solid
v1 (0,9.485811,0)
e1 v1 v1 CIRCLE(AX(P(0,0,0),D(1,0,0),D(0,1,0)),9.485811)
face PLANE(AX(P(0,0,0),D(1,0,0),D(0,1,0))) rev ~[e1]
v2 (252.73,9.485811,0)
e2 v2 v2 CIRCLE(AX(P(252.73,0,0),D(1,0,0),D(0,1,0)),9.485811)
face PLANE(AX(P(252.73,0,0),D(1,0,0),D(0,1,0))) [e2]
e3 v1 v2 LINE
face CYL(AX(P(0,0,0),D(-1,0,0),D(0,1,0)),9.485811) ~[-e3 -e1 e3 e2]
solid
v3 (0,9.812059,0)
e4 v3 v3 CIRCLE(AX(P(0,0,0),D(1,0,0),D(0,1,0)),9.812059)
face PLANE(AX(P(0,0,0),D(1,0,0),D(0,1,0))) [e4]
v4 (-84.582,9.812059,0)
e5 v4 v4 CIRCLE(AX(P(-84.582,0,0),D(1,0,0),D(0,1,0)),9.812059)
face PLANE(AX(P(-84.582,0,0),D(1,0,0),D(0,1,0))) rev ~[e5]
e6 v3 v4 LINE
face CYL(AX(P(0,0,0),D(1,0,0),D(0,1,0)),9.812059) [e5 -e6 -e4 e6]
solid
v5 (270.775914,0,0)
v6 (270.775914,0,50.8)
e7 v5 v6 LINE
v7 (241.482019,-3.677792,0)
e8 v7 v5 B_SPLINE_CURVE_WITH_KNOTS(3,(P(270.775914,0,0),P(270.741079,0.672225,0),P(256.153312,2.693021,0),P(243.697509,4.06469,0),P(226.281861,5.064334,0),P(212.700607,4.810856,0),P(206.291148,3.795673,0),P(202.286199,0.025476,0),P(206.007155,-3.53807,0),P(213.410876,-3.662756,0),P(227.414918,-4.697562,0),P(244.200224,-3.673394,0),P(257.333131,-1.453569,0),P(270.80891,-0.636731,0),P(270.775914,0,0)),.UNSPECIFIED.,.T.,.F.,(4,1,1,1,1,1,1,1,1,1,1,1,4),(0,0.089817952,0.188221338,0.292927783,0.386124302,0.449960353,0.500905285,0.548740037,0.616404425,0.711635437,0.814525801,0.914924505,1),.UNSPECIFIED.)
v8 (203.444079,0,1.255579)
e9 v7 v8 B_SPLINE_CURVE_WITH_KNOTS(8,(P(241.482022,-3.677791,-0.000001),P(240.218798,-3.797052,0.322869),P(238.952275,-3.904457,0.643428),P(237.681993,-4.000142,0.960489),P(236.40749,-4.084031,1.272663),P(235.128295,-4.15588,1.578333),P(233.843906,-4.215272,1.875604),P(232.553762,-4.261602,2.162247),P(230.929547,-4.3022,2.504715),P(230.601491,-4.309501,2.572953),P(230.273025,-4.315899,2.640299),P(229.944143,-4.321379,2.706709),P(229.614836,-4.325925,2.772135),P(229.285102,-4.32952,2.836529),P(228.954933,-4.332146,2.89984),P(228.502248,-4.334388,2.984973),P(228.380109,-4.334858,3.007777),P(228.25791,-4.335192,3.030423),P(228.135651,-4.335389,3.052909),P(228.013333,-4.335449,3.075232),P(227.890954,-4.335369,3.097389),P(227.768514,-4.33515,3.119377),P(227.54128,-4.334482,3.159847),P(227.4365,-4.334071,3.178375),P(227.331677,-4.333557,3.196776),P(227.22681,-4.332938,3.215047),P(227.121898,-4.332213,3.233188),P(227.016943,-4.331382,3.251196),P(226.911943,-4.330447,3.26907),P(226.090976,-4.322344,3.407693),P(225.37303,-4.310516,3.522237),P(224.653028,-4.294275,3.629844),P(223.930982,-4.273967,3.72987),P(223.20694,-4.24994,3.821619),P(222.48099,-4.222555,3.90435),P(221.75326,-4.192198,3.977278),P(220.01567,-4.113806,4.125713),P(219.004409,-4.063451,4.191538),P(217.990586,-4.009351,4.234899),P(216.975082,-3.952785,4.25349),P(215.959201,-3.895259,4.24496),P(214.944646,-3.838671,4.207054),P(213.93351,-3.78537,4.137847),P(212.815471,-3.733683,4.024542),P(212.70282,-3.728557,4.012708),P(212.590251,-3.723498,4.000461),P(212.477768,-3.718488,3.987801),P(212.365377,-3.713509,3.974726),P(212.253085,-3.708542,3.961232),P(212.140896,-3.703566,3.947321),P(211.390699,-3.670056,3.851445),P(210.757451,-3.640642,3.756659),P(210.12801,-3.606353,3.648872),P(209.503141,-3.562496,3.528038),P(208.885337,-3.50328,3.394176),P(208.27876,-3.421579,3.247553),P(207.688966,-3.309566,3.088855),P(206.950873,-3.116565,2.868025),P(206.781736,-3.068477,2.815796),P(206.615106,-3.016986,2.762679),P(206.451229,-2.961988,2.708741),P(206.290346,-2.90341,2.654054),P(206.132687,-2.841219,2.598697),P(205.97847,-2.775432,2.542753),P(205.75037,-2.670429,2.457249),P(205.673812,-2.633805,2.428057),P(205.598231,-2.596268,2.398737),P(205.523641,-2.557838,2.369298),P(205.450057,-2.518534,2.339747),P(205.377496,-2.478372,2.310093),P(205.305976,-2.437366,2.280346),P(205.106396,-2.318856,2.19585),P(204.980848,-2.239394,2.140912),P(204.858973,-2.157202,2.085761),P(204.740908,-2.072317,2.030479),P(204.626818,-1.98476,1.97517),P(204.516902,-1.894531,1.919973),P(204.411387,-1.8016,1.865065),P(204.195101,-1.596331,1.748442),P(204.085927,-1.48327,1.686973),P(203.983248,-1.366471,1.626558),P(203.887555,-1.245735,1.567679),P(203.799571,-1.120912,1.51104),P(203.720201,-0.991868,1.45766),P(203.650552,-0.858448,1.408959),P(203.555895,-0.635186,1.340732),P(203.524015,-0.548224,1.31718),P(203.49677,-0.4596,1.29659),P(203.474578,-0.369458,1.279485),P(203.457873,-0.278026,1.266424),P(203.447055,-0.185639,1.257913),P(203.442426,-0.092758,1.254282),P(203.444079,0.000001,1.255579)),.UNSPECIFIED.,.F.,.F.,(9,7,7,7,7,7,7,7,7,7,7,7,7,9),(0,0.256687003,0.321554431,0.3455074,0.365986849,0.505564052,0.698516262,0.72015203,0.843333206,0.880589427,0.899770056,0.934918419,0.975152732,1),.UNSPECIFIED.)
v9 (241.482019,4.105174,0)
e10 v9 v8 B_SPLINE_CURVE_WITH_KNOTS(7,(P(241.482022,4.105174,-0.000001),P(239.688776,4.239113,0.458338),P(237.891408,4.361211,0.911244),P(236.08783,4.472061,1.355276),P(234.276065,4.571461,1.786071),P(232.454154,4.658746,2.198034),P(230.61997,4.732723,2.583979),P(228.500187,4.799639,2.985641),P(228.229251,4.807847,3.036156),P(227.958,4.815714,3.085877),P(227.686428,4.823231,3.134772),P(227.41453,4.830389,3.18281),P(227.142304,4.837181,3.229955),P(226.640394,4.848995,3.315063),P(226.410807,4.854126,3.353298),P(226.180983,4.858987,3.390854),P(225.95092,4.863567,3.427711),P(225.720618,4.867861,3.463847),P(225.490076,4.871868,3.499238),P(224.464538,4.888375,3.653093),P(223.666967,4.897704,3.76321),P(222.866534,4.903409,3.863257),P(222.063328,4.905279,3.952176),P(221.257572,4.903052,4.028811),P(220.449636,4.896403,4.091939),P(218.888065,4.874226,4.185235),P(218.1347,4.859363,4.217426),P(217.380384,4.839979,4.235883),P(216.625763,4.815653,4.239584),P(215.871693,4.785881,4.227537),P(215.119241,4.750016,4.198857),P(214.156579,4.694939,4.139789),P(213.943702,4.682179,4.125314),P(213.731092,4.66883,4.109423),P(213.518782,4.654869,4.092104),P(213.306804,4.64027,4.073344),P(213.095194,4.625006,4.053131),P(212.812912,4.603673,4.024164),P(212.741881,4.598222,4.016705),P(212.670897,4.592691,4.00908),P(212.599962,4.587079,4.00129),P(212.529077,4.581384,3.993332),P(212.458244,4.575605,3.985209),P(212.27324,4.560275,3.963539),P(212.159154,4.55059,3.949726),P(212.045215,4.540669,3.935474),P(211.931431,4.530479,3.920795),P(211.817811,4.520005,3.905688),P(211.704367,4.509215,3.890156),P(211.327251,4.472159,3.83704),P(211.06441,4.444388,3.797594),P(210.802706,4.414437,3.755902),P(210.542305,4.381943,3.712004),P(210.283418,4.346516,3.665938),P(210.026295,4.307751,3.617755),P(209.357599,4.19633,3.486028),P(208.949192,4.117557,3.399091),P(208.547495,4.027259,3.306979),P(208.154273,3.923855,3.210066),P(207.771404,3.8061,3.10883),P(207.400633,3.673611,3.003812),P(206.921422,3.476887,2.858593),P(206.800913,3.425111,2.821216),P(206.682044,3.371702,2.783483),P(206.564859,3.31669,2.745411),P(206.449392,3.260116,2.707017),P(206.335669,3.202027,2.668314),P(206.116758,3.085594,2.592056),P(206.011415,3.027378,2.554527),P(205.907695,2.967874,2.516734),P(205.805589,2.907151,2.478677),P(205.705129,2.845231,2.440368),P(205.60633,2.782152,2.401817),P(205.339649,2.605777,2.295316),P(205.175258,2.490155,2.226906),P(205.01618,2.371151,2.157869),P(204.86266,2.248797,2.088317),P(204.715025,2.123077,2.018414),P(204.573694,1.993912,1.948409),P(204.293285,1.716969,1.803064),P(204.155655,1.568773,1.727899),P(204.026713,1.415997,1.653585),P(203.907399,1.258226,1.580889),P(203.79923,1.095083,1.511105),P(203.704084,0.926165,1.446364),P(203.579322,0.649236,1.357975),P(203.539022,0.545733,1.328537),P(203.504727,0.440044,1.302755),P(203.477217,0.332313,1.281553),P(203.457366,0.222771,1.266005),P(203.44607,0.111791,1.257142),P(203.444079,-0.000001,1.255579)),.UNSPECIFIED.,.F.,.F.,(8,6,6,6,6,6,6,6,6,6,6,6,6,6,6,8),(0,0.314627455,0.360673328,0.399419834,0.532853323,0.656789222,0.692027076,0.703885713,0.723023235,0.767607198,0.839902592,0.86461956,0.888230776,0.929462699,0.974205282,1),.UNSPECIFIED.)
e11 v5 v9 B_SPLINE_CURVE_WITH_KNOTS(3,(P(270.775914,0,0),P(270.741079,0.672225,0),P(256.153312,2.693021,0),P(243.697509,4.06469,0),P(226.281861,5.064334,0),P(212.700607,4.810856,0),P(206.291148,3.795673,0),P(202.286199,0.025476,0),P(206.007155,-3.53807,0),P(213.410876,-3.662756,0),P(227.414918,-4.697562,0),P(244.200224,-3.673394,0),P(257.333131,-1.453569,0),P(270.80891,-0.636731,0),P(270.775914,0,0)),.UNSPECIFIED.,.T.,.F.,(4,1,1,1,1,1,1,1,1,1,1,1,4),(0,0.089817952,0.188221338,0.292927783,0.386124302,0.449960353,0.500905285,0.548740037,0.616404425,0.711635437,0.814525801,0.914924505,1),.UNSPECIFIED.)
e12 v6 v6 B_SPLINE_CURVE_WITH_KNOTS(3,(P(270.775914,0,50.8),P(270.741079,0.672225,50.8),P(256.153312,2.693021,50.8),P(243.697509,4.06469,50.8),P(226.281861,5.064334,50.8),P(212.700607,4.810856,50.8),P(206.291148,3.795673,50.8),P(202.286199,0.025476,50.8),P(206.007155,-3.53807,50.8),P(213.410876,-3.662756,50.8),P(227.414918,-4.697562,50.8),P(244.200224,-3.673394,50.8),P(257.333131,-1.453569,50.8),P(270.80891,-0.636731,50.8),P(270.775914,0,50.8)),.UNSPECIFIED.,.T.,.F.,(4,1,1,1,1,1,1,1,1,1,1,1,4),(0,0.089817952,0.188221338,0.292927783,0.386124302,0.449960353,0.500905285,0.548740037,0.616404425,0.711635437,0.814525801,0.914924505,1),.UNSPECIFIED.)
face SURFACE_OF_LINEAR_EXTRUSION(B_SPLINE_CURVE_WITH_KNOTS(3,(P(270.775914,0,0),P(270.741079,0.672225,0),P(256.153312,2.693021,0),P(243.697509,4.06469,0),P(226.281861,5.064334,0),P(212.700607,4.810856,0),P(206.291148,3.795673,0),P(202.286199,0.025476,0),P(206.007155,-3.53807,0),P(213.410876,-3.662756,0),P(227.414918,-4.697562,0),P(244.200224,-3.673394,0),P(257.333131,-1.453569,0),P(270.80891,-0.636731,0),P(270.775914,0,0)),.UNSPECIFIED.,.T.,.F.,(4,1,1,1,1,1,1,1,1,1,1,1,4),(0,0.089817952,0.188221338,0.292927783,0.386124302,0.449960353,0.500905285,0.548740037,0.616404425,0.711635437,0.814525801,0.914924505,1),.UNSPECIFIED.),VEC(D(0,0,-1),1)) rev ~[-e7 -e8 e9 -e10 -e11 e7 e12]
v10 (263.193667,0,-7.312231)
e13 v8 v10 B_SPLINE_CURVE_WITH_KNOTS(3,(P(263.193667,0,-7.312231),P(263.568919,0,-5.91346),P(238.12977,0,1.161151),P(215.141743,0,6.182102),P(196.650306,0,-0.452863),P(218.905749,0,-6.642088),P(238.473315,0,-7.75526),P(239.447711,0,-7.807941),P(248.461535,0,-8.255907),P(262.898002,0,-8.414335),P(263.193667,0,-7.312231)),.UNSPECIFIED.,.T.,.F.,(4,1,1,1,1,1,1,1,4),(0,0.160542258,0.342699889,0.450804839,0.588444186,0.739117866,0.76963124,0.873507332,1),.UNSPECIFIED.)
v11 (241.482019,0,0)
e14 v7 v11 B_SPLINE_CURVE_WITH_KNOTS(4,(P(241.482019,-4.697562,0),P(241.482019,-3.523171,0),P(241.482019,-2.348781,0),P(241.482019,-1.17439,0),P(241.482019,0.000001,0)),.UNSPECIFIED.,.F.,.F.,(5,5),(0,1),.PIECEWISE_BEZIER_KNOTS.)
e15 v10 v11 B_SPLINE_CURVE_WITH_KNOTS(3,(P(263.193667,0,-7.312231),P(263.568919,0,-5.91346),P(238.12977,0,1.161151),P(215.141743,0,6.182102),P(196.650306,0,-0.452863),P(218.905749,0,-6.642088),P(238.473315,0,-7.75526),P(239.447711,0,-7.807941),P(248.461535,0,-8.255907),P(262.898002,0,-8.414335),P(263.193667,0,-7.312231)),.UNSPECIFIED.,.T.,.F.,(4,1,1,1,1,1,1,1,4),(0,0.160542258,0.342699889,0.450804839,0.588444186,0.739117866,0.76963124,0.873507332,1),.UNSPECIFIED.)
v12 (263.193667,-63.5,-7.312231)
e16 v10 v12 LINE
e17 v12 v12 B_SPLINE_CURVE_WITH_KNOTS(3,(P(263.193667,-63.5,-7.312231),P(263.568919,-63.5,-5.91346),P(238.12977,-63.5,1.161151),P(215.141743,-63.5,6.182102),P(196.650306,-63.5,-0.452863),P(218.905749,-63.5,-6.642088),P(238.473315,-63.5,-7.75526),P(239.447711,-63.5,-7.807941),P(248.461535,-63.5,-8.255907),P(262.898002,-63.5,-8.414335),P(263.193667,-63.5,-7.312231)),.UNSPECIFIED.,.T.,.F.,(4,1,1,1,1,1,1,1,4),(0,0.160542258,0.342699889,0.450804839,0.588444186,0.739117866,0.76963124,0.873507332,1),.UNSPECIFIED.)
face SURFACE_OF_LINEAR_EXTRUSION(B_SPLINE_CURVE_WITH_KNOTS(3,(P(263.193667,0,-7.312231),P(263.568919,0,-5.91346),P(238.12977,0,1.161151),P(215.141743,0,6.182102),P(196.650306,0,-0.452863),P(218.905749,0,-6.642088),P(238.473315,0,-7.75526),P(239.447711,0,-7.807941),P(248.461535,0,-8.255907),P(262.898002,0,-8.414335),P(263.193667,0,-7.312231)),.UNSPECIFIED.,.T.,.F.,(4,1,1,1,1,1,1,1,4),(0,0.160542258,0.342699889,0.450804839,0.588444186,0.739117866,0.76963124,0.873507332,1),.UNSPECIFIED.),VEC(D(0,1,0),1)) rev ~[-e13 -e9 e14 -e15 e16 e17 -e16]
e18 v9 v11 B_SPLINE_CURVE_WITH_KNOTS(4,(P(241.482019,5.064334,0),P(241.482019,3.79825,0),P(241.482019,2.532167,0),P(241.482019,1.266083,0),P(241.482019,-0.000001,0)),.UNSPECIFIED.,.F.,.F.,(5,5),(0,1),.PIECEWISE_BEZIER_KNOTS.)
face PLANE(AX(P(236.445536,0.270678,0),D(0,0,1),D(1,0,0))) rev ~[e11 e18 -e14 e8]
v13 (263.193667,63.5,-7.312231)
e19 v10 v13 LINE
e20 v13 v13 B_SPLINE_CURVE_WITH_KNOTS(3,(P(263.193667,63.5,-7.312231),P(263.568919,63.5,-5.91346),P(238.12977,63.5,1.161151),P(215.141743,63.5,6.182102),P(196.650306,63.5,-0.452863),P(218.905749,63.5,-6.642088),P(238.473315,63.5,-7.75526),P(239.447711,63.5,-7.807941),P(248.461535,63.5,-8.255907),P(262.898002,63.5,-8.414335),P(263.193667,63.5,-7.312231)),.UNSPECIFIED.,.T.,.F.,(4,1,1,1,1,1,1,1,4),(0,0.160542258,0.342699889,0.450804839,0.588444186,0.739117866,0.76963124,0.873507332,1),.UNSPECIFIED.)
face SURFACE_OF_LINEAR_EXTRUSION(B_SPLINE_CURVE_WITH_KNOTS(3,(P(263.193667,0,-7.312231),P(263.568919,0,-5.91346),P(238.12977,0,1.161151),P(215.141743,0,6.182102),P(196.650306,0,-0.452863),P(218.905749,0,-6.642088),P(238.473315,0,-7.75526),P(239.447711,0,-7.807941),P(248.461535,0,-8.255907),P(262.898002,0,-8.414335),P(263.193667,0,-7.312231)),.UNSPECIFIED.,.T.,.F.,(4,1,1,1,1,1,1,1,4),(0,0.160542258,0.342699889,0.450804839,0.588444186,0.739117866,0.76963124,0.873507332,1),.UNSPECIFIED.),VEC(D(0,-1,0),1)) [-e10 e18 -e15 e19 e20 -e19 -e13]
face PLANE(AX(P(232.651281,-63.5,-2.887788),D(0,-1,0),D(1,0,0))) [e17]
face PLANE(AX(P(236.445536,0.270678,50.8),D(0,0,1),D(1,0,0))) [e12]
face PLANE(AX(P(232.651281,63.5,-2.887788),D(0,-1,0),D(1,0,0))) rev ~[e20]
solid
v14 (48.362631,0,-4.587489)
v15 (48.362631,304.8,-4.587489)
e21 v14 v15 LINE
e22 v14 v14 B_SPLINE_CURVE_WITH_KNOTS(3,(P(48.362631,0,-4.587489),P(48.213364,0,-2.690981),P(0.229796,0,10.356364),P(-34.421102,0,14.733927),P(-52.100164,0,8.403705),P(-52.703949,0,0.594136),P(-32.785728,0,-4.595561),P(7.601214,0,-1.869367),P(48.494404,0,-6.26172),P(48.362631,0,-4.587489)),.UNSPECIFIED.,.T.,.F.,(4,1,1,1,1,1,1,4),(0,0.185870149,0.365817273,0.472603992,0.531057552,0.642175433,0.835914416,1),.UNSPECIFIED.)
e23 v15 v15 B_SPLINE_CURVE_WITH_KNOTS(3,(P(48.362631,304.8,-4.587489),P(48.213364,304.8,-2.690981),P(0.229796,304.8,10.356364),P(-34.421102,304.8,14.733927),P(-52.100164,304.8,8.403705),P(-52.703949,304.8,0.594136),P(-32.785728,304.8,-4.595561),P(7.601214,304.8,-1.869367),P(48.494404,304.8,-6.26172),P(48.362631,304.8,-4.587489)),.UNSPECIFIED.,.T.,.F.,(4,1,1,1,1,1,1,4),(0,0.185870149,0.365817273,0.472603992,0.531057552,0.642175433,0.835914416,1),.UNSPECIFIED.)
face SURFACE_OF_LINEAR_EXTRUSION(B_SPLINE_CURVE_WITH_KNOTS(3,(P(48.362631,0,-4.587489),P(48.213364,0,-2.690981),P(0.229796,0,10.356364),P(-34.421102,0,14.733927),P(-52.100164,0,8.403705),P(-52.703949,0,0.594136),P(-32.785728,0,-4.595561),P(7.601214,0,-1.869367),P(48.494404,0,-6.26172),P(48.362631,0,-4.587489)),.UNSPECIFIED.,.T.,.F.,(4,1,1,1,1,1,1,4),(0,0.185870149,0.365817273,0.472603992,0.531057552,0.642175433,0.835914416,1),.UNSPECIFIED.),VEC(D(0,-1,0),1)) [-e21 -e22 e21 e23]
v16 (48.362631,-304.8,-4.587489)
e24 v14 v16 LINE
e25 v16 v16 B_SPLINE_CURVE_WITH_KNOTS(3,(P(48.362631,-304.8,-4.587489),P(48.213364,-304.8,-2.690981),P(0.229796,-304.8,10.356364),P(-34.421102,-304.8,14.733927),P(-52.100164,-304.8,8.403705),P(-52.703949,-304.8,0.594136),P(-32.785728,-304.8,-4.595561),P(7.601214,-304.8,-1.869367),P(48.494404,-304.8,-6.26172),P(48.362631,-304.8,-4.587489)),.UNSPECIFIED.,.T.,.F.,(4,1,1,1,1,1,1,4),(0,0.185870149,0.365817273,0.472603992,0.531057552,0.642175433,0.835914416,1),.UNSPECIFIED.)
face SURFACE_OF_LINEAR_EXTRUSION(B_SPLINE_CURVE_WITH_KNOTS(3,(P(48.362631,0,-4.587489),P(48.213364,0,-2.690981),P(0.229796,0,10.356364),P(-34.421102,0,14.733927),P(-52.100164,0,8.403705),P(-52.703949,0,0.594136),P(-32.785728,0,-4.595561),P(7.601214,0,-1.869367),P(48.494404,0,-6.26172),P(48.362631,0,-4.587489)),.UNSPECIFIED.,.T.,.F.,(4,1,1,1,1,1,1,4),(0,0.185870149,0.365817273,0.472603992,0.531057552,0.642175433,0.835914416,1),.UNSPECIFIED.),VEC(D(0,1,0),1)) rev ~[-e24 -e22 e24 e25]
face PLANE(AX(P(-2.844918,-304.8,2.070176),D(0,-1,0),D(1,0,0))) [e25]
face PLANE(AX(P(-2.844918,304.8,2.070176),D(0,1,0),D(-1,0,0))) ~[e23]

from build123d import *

# Parameters (mm, degrees)
F1_DEPTH  = 304.8
F4_DEPTH  = 63.5
F6_DEPTH  = 50.8
F7_R      = 9.4858112155
F8_DEPTH  = 252.73
F9_R      = 9.8120589624
F10_DEPTH = 84.582


with BuildPart() as f1:
    # F0 (on Front) → F1 (new body)
    with BuildSketch(Plane.XZ):
        with BuildLine():
            add(Edge.make_bspline(
                [(48.3626313508, -4.5874887146), (48.2133641017, -2.6909809806), (0.2297958572, 10.3563636314), (-34.4211024532, 14.7339270125), (-52.1001635868, 8.4037047715), (-52.7039494645, 0.5941357233), (-32.7857277862, -4.5955614124), (7.6012136458, -1.869367445), (48.4944040093, -6.2617197835), (48.3626313508, -4.5874887146)],
                knots=[0, 0, 0, 0, 0.1858701495, 0.3658172735, 0.4726039919, 0.5310575516, 0.6421754333, 0.835914416, 1, 1, 1, 1], degree=3))
        make_face()
    extrude(amount=F1_DEPTH)

    # F2: F1 across face


with BuildPart() as f1_1:
    add(f1.part)
    add(f1.part.mirror(Plane(origin=(-10.2988835712, 0, 3.0662665681), x_dir=(1, 0, 0), z_dir=(0, 1, 0))))


with BuildPart() as f4:
    # F3 (on Front) → F4 (new body, symmetric)
    with BuildSketch(Plane.XZ):
        with BuildLine():
            add(Edge.make_bspline(
                [(263.193666935, -7.3122307658), (263.5689191728, -5.9134595093), (238.1297702954, 1.1611506631), (215.1417433112, 6.1821019178), (196.6503063028, -0.4528627304), (218.905749468, -6.6420883623), (238.4733150868, -7.7552603443), (239.4477107876, -7.8079409647), (248.4615352892, -8.2559070835), (262.8980023713, -8.4143350347), (263.193666935, -7.3122307658)],
                knots=[0, 0, 0, 0, 0.1605422583, 0.3426998887, 0.450804839, 0.5884441856, 0.7391178663, 0.7696312396, 0.873507332, 1, 1, 1, 1], degree=3))
        make_face()
    extrude(amount=F4_DEPTH, both=True)

    # F5 (on Top) → F6 (join)
    with BuildSketch(Plane.XY):
        with BuildLine():
            add(Edge.make_bspline(
                [(270.7759141922, 0), (270.741078932, 0.6722254106), (256.1533123935, 2.6930213805), (243.6975087564, 4.0646901094), (226.2818613827, 5.0643336143), (212.7006068508, 4.8108562911), (206.2911475931, 3.795672701), (202.2861991906, 0.0254757891), (206.0071548501, -3.5380699159), (213.4108764017, -3.662756483), (227.4149182836, -4.6975620357), (244.2002236286, -3.6733935782), (257.3331307519, -1.4535693987), (270.8089101237, -0.6367313894), (270.7759141922, 0)],
                knots=[0, 0, 0, 0, 0.089817952, 0.188221338, 0.292927783, 0.3861243019, 0.4499603528, 0.5009052846, 0.5487400373, 0.6164044249, 0.7116354366, 0.8145258013, 0.9149245053, 1, 1, 1, 1], degree=3))
        make_face()
    extrude(amount=F6_DEPTH)


with BuildPart() as f8:
    # F7 (on Right) → F8 (new body)
    with BuildSketch(Plane.YZ):
        Circle(F7_R)
    extrude(amount=F8_DEPTH)


with BuildPart() as f10:
    # F9 (on Right) → F10 (new body)
    with BuildSketch(Plane.YZ):
        Circle(F9_R)
    extrude(amount=-F10_DEPTH)


solid = Compound([f1_1.part, f4.part, f8.part, f10.part])
